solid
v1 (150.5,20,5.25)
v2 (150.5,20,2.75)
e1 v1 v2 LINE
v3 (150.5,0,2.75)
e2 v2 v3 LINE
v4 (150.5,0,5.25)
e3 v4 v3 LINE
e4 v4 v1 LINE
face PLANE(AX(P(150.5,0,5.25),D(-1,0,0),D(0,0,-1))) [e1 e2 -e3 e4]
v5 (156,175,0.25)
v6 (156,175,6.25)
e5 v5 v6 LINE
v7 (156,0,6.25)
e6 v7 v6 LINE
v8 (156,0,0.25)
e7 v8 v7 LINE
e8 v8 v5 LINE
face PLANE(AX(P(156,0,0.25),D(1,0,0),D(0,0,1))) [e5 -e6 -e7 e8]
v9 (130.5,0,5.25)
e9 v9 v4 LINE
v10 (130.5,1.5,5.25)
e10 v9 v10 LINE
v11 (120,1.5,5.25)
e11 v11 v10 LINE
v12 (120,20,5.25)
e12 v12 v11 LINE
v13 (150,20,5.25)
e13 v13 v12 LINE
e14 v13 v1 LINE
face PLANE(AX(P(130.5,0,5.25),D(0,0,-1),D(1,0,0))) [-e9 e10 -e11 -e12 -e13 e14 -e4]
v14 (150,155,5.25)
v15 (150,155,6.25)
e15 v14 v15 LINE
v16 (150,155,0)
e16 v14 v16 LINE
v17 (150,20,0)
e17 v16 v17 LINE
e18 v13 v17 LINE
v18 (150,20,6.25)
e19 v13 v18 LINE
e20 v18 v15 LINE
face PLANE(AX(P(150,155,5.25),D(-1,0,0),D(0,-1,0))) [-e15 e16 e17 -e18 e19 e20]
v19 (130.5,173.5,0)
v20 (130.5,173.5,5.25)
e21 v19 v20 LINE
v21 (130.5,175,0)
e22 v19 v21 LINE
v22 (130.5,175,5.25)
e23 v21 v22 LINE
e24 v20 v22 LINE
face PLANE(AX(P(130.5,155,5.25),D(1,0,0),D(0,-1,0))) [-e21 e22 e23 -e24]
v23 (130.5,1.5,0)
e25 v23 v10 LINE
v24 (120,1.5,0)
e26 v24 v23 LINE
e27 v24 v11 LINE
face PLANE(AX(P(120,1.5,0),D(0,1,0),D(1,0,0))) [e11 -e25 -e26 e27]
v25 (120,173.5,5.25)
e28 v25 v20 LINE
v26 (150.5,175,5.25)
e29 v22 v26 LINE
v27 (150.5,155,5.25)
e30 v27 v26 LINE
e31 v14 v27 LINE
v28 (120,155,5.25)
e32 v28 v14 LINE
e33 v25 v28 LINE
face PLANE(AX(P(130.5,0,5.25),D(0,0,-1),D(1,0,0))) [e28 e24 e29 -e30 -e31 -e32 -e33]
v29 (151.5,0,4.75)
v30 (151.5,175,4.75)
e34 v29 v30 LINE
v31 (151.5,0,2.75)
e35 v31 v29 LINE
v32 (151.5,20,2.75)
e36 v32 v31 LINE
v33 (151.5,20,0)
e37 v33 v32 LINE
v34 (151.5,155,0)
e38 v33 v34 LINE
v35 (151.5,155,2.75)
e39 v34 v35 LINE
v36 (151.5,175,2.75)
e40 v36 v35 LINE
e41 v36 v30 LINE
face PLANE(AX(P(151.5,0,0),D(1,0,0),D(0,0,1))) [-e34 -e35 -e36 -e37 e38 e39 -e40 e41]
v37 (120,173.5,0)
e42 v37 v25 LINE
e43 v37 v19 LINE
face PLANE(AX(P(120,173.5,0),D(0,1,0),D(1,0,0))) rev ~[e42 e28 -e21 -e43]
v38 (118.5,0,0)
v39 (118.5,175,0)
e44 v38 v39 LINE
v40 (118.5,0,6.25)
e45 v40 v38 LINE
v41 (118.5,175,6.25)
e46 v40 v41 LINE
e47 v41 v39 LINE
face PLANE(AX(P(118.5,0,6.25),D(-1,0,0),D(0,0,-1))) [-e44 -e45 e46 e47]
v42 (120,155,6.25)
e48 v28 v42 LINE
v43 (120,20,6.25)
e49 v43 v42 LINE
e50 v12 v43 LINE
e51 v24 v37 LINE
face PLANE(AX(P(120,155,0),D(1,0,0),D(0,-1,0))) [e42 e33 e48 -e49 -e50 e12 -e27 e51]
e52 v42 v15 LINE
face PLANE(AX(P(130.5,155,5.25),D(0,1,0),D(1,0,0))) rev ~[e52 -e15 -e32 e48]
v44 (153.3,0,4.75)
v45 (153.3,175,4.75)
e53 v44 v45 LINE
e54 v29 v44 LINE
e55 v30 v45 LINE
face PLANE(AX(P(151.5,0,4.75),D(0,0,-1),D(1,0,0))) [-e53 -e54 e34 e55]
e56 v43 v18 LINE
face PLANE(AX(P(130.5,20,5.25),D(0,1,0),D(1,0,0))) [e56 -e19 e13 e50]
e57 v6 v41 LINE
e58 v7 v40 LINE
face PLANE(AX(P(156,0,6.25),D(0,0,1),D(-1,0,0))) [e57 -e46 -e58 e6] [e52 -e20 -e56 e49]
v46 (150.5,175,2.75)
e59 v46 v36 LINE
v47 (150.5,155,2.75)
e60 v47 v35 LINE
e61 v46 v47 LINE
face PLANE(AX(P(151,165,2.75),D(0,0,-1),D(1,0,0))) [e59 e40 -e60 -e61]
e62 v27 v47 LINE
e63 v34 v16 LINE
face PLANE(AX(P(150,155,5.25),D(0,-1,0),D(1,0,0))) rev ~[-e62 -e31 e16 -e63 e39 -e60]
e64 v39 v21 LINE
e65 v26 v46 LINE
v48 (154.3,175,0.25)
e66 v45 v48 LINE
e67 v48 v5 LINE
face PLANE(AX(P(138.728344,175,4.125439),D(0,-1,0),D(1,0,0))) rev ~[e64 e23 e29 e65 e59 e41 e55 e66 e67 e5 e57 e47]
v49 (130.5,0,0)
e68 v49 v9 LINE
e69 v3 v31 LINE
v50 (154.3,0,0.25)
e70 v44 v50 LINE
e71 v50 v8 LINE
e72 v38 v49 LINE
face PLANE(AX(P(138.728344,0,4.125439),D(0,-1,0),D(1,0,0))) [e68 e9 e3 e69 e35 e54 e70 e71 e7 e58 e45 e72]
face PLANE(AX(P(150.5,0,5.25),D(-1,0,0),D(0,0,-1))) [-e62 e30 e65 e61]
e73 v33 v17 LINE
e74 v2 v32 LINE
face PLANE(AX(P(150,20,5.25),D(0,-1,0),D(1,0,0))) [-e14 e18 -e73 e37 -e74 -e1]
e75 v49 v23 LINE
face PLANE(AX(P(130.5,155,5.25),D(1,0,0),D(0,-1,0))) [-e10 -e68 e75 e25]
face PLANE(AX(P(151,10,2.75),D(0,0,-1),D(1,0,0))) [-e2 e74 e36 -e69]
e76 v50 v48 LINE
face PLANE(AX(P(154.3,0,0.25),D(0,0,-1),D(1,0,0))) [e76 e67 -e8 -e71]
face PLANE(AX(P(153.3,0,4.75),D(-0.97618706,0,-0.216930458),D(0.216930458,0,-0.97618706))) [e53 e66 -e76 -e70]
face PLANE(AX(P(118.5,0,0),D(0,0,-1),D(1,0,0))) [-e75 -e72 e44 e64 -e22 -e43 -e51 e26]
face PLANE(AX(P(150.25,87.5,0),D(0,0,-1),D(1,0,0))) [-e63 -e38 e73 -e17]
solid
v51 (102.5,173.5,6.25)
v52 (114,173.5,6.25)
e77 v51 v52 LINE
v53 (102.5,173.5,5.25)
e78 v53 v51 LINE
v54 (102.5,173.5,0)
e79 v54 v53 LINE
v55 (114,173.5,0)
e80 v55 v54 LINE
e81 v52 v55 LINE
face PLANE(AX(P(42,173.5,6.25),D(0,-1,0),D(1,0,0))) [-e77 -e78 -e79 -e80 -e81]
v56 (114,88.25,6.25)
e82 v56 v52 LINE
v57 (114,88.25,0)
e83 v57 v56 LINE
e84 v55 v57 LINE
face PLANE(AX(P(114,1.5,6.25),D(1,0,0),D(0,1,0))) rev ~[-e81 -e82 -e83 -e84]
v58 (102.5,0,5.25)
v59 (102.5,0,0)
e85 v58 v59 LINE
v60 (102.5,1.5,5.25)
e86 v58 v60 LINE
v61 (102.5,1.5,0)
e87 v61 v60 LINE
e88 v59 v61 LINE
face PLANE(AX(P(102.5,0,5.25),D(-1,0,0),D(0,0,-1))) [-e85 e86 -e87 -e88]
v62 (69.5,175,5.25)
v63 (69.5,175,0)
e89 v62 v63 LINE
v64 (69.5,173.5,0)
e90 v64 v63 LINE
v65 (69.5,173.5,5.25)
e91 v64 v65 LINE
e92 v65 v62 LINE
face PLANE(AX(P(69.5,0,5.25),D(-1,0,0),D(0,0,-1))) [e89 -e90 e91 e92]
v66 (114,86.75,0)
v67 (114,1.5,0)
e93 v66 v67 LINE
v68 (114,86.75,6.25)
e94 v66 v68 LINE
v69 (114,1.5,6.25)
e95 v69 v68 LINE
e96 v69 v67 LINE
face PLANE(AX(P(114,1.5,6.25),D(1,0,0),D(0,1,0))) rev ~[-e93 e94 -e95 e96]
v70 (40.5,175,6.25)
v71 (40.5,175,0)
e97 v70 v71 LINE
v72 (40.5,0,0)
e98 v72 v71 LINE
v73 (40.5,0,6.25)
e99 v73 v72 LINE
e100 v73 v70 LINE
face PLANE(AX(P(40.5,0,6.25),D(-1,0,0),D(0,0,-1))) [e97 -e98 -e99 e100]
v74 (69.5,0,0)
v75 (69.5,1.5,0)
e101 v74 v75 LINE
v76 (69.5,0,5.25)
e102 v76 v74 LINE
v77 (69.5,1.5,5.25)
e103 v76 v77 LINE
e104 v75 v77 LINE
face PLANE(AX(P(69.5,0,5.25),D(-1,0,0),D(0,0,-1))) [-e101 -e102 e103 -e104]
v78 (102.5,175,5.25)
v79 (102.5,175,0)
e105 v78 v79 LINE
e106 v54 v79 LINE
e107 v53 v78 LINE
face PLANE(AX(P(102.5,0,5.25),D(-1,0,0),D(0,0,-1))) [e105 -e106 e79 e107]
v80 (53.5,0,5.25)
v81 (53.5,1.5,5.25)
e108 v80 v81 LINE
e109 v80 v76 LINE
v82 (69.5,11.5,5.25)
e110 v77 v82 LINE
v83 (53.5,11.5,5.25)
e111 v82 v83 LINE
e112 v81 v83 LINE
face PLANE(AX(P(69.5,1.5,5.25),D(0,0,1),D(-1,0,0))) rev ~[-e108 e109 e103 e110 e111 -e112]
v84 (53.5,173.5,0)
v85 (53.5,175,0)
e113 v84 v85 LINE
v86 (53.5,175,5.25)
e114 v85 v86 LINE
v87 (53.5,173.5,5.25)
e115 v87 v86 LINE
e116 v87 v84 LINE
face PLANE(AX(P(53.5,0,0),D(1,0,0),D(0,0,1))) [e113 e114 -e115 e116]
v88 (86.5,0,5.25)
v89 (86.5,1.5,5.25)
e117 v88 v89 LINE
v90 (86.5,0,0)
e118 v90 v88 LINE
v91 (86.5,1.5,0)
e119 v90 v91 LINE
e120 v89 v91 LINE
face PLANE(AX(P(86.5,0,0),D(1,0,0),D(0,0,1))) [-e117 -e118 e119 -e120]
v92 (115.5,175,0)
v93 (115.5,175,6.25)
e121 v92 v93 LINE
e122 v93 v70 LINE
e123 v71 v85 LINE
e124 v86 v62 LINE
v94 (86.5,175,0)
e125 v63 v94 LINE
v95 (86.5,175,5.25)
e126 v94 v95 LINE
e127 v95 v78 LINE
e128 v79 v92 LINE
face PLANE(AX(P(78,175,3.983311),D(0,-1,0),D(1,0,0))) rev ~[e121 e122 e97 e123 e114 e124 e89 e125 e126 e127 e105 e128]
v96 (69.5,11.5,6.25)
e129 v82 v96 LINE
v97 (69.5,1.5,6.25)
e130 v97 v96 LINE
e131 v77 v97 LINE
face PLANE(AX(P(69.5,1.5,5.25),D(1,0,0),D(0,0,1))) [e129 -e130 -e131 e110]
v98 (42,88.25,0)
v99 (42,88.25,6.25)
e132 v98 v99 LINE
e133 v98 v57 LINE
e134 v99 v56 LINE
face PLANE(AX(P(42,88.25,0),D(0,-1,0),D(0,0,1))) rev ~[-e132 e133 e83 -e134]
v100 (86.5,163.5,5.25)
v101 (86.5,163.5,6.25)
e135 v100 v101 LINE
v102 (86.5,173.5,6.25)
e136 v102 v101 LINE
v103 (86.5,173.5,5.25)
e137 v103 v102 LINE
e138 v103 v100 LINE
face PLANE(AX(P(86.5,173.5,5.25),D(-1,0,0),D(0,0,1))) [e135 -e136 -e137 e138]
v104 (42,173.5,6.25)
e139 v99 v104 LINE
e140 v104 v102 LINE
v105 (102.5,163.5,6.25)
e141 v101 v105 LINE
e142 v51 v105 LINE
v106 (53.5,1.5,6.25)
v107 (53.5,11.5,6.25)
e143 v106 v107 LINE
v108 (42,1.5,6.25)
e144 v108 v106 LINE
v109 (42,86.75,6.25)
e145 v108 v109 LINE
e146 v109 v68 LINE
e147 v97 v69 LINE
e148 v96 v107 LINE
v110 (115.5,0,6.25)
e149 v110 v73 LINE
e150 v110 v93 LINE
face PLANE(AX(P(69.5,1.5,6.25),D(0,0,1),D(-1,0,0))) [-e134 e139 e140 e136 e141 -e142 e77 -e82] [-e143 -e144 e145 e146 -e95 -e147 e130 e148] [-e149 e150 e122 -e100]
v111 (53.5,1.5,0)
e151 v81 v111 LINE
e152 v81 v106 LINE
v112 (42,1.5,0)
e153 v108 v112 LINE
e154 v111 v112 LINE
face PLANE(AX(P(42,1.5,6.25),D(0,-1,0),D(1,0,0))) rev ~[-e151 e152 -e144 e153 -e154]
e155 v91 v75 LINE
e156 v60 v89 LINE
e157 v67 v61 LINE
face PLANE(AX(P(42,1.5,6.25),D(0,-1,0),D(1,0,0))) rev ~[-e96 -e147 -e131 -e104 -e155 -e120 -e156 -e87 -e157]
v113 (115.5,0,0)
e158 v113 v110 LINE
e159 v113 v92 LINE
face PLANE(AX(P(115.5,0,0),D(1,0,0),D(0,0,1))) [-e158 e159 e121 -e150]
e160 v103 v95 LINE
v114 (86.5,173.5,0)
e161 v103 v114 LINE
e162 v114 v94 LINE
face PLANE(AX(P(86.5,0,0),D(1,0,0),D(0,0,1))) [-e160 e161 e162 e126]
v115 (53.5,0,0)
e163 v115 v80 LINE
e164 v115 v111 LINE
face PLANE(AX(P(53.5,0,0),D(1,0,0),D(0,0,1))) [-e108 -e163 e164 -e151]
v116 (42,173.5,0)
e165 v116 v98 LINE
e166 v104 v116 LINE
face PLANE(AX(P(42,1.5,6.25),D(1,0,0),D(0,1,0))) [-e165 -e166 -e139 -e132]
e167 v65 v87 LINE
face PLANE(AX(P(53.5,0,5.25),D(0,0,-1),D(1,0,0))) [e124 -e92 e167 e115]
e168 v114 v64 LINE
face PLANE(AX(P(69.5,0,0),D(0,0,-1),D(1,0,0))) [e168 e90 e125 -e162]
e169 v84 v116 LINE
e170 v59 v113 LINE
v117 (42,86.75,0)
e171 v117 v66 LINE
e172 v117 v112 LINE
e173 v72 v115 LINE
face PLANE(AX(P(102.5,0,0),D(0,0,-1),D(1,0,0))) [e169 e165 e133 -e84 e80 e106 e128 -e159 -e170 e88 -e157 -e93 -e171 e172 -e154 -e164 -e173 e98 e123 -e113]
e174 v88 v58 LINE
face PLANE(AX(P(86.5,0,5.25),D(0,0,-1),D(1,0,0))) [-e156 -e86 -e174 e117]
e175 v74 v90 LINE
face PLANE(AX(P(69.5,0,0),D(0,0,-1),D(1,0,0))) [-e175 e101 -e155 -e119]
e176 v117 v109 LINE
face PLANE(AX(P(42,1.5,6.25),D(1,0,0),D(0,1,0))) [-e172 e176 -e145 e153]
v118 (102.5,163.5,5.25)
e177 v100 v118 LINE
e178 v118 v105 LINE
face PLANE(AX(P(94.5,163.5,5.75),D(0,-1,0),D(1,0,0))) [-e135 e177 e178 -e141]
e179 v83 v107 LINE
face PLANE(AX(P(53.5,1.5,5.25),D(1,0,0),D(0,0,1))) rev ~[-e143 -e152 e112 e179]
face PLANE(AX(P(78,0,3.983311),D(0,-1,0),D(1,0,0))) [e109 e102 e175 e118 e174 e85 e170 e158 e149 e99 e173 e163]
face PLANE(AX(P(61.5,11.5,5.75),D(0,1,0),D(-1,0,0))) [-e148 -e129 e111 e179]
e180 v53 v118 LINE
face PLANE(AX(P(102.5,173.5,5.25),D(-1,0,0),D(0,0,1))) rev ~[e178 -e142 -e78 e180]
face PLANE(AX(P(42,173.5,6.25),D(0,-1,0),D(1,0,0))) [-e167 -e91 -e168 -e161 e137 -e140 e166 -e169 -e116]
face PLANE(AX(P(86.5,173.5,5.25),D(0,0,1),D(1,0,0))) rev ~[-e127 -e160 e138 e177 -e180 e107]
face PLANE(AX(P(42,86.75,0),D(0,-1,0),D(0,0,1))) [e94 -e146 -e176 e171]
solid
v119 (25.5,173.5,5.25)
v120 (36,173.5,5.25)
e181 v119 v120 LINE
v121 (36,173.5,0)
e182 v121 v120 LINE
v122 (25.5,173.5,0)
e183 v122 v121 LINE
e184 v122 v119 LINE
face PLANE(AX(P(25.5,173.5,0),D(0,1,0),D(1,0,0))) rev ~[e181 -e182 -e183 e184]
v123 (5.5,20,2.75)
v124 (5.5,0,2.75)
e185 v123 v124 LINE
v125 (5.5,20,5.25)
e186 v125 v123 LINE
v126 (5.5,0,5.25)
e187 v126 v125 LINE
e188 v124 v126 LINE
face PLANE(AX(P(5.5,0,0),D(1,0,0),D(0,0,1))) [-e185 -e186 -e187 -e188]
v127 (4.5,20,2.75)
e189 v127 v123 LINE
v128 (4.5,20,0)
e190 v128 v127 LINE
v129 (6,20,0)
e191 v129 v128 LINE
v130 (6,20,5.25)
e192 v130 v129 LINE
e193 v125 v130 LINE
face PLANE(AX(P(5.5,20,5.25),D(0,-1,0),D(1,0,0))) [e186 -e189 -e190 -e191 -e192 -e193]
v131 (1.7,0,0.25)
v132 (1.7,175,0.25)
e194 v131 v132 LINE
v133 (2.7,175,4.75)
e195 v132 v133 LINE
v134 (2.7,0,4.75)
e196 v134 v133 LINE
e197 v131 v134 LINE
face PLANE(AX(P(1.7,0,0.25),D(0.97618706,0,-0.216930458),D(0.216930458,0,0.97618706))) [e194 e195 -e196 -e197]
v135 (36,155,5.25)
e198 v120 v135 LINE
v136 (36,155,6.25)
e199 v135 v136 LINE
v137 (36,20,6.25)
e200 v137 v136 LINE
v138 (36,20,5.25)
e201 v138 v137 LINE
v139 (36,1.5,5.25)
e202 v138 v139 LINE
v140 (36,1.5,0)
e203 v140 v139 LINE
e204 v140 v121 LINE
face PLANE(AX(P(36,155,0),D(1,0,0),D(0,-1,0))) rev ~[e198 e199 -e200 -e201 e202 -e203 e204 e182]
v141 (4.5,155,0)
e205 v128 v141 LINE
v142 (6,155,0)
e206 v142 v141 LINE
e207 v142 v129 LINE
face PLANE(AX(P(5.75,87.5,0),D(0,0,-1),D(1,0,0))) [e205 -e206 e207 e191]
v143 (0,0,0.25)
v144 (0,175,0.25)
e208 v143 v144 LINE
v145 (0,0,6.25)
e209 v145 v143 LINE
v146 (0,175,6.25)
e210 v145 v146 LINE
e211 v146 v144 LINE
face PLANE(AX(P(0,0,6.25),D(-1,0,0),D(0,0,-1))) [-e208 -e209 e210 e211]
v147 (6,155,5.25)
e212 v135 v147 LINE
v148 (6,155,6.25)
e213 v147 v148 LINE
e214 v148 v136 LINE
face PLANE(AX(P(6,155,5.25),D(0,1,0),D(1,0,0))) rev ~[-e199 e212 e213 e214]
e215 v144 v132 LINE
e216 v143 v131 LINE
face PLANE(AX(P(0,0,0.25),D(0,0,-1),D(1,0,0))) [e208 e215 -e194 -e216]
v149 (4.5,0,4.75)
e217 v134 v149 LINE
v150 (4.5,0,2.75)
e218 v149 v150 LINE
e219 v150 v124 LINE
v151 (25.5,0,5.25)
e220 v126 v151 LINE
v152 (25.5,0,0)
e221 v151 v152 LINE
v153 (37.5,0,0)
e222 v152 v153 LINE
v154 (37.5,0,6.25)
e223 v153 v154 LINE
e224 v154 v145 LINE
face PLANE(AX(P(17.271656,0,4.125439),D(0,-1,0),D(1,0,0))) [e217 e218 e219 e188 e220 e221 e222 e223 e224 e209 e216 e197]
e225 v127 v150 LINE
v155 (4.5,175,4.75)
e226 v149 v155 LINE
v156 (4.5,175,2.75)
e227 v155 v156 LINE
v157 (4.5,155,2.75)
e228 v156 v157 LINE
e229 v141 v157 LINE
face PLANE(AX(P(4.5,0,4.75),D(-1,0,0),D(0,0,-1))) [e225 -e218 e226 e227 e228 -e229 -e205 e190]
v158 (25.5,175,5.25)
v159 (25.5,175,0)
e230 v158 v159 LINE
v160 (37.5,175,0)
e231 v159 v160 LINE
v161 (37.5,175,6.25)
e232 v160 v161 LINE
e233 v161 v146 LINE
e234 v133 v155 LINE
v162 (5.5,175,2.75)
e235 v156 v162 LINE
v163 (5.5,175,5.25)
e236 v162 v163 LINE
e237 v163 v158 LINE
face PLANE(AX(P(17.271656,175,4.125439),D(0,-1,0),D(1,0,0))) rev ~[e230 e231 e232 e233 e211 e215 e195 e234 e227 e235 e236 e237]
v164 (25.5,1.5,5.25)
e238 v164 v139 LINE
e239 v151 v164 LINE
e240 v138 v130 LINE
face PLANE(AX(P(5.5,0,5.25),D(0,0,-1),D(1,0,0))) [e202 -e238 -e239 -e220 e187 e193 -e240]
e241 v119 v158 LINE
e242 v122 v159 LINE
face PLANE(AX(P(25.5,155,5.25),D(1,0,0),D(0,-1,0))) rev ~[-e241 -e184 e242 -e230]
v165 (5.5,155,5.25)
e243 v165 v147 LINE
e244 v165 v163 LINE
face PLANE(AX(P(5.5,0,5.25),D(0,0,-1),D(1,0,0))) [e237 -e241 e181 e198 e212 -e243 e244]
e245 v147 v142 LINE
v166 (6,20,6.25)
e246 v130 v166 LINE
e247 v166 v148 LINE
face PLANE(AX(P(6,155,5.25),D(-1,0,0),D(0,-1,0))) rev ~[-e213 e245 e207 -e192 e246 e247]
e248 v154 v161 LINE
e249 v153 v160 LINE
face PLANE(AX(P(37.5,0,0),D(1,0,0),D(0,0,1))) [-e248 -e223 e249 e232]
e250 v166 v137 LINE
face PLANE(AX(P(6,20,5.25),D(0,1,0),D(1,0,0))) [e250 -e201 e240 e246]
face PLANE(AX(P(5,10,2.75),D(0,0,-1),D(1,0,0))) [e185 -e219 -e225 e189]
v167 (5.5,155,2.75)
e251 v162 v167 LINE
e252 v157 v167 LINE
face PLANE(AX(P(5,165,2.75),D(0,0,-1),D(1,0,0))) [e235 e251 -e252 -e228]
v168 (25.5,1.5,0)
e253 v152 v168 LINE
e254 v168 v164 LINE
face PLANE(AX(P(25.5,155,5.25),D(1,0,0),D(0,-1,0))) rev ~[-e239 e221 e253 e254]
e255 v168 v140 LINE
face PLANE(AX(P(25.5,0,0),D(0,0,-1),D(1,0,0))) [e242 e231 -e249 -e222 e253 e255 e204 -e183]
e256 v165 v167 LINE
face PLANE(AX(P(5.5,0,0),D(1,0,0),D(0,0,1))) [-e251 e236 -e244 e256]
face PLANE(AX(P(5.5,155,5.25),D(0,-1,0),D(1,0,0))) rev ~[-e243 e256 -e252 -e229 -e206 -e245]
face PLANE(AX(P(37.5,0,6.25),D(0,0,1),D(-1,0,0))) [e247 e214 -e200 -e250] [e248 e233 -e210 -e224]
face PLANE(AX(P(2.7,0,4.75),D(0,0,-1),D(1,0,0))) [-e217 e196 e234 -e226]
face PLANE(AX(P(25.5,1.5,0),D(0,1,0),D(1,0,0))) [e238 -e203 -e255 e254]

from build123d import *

# Parameters (mm, degrees)
F1_DEPTH  = 175
F2_W      = 19.5
F2_H      = 135
F3_DEPTH  = 1.001
F4_W      = 0.5
F4_H      = 135
F5_DEPTH  = 5.25
F6_W      = 19.5
F6_H      = 135
F7_DEPTH  = 1.001
F8_W      = 0.5
F8_H      = 135
F9_DEPTH  = 5.25
F10_W     = 10.5
F10_H     = 135
F11_DEPTH = 6.251
F12_W     = 10.5
F12_H     = 18.5
F13_DEPTH = 5.25
F14_W     = 1
F14_H     = 20
F15_DEPTH = 2.75
F16_W     = 10.5
F16_H     = 135
F17_DEPTH = 6.251
F18_W     = 10.5
F18_H     = 18.5
F19_DEPTH = 5.25
F20_W     = 1
F20_H     = 20
F21_DEPTH = 2.75
F22_W     = 72
F22_H     = 172
F23_DEPTH = 6.251
F24_W     = 1.5
F24_H     = 6.25
F25_DEPTH = 72
F26_W     = 16
F26_H     = 1
F27_DEPTH = 10
F28_W     = 16
F28_H     = 1
F29_DEPTH = 10


with BuildPart() as f1:
    # F0 (on Front) → F1 (new body)
    with BuildSketch(Plane.XZ):
        Polygon((0, 6.25), (0, 0.25), (1.7, 0.25), (2.7, 4.75), (4.5, 4.75), (4.5, 0), (5.5, 0), (5.5, 5.25), (25.5, 5.25), (25.5, 0), (37.5, 0), (37.5, 6.25), align=None)
        Polygon((115.5, 6.25), (40.5, 6.25), (40.5, 0), (53.5, 0), (53.5, 5.25), (69.5, 5.25), (69.5, 0), (86.5, 0), (86.5, 5.25), (102.5, 5.25), (102.5, 0), (115.5, 0), align=None)
        Polygon((156, 0.25), (156, 6.25), (118.5, 6.25), (118.5, 0), (130.5, 0), (130.5, 5.25), (150.5, 5.25), (150.5, 0), (151.5, 0), (151.5, 4.75), (153.3, 4.75), (154.3, 0.25), align=None)
    extrude(amount=-F1_DEPTH)

    # F2 (on face) → F3 (cut, through all)
    with BuildSketch(Plane(origin=(0, 0, 5.25), x_dir=(1, 0, 0), z_dir=(0, 0, -1))):
        with Locations((15.75, -87.5)):
            Rectangle(F2_W, F2_H)
    extrude(amount=-F3_DEPTH, mode=Mode.SUBTRACT)

    # F4 (on face) → F5 (join)
    with BuildSketch(Plane(origin=(0, 0, 5.25), x_dir=(1, 0, 0), z_dir=(0, 0, -1))):
        with Locations((5.75, -87.5)):
            Rectangle(F4_W, F4_H)
    extrude(amount=F5_DEPTH)

    # F6 (on face) → F7 (cut, through all)
    with BuildSketch(Plane(origin=(0, 0, 5.25), x_dir=(1, 0, 0), z_dir=(0, 0, -1))):
        with Locations((140.25, -87.5)):
            Rectangle(F6_W, F6_H)
    extrude(amount=-F7_DEPTH, mode=Mode.SUBTRACT)

    # F8 (on face) → F9 (join)
    with BuildSketch(Plane(origin=(0, 0, 5.25), x_dir=(1, 0, 0), z_dir=(0, 0, -1))):
        with Locations((150.25, -87.5)):
            Rectangle(F8_W, F8_H)
    extrude(amount=F9_DEPTH)

    # F10 (on face) → F11 (cut, through all)
    with BuildSketch(Plane(origin=(0, 0, 0), x_dir=(1, 0, 0), z_dir=(0, 0, -1))):
        with Locations((30.75, -87.5)):
            Rectangle(F10_W, F10_H)
    extrude(amount=-F11_DEPTH, mode=Mode.SUBTRACT)

    # F12 (on face) → F13 (cut)
    with BuildSketch(Plane(origin=(0, 0, 0), x_dir=(1, 0, 0), z_dir=(0, 0, -1))):
        with Locations((30.75, -10.75)):
            Rectangle(F12_W, F12_H)
        with Locations((30.75, -164.25)):
            Rectangle(F12_W, F12_H)
    extrude(amount=-F13_DEPTH, mode=Mode.SUBTRACT)

    # F14 (on face) → F15 (cut)
    with BuildSketch(Plane(origin=(0, 0, 0), x_dir=(1, 0, 0), z_dir=(0, 0, -1))):
        with Locations((5, -10)):
            Rectangle(F14_W, F14_H)
        with Locations((5, -165)):
            Rectangle(F14_W, F14_H)
    extrude(amount=-F15_DEPTH, mode=Mode.SUBTRACT)

    # F16 (on face) → F17 (cut, through all)
    with BuildSketch(Plane(origin=(0, 0, 0), x_dir=(1, 0, 0), z_dir=(0, 0, -1))):
        with Locations((125.25, -87.5)):
            Rectangle(F16_W, F16_H)
    extrude(amount=-F17_DEPTH, mode=Mode.SUBTRACT)

    # F18 (on face) → F19 (cut)
    with BuildSketch(Plane(origin=(0, 0, 0), x_dir=(1, 0, 0), z_dir=(0, 0, -1))):
        with Locations((125.25, -10.75)):
            Rectangle(F18_W, F18_H)
        with Locations((125.25, -164.25)):
            Rectangle(F18_W, F18_H)
    extrude(amount=-F19_DEPTH, mode=Mode.SUBTRACT)

    # F20 (on face) → F21 (cut)
    with BuildSketch(Plane(origin=(0, 0, 0), x_dir=(1, 0, 0), z_dir=(0, 0, -1))):
        with Locations((151, -10)):
            Rectangle(F20_W, F20_H)
        with Locations((151, -165)):
            Rectangle(F20_W, F20_H)
    extrude(amount=-F21_DEPTH, mode=Mode.SUBTRACT)

    # F22 (on face) → F23 (cut, through all)
    with BuildSketch(Plane.XY.offset(6.25)):
        with Locations((78, 87.5)):
            Rectangle(F22_W, F22_H)
    extrude(amount=-F23_DEPTH, mode=Mode.SUBTRACT)

    # F24 (on face) → F25 (join, through all)
    with BuildSketch(Plane.YZ.offset(42)):
        with Locations((87.5, 3.125)):
            Rectangle(F24_W, F24_H)
    extrude(amount=F25_DEPTH)

    # F26 (on face) → F27 (join)
    with BuildSketch(Plane.XZ.offset(-173.5)):
        with Locations((94.5, 5.75)):
            Rectangle(F26_W, F26_H)
    extrude(amount=F27_DEPTH)

    # F28 (on face) → F29 (join)
    with BuildSketch(Plane(origin=(0, 1.5, 0), x_dir=(-1, 0, 0), z_dir=(0, 1, 0))):
        with Locations((-61.5, 5.75)):
            Rectangle(F28_W, F28_H)
    extrude(amount=F29_DEPTH)


solid = f1.part
